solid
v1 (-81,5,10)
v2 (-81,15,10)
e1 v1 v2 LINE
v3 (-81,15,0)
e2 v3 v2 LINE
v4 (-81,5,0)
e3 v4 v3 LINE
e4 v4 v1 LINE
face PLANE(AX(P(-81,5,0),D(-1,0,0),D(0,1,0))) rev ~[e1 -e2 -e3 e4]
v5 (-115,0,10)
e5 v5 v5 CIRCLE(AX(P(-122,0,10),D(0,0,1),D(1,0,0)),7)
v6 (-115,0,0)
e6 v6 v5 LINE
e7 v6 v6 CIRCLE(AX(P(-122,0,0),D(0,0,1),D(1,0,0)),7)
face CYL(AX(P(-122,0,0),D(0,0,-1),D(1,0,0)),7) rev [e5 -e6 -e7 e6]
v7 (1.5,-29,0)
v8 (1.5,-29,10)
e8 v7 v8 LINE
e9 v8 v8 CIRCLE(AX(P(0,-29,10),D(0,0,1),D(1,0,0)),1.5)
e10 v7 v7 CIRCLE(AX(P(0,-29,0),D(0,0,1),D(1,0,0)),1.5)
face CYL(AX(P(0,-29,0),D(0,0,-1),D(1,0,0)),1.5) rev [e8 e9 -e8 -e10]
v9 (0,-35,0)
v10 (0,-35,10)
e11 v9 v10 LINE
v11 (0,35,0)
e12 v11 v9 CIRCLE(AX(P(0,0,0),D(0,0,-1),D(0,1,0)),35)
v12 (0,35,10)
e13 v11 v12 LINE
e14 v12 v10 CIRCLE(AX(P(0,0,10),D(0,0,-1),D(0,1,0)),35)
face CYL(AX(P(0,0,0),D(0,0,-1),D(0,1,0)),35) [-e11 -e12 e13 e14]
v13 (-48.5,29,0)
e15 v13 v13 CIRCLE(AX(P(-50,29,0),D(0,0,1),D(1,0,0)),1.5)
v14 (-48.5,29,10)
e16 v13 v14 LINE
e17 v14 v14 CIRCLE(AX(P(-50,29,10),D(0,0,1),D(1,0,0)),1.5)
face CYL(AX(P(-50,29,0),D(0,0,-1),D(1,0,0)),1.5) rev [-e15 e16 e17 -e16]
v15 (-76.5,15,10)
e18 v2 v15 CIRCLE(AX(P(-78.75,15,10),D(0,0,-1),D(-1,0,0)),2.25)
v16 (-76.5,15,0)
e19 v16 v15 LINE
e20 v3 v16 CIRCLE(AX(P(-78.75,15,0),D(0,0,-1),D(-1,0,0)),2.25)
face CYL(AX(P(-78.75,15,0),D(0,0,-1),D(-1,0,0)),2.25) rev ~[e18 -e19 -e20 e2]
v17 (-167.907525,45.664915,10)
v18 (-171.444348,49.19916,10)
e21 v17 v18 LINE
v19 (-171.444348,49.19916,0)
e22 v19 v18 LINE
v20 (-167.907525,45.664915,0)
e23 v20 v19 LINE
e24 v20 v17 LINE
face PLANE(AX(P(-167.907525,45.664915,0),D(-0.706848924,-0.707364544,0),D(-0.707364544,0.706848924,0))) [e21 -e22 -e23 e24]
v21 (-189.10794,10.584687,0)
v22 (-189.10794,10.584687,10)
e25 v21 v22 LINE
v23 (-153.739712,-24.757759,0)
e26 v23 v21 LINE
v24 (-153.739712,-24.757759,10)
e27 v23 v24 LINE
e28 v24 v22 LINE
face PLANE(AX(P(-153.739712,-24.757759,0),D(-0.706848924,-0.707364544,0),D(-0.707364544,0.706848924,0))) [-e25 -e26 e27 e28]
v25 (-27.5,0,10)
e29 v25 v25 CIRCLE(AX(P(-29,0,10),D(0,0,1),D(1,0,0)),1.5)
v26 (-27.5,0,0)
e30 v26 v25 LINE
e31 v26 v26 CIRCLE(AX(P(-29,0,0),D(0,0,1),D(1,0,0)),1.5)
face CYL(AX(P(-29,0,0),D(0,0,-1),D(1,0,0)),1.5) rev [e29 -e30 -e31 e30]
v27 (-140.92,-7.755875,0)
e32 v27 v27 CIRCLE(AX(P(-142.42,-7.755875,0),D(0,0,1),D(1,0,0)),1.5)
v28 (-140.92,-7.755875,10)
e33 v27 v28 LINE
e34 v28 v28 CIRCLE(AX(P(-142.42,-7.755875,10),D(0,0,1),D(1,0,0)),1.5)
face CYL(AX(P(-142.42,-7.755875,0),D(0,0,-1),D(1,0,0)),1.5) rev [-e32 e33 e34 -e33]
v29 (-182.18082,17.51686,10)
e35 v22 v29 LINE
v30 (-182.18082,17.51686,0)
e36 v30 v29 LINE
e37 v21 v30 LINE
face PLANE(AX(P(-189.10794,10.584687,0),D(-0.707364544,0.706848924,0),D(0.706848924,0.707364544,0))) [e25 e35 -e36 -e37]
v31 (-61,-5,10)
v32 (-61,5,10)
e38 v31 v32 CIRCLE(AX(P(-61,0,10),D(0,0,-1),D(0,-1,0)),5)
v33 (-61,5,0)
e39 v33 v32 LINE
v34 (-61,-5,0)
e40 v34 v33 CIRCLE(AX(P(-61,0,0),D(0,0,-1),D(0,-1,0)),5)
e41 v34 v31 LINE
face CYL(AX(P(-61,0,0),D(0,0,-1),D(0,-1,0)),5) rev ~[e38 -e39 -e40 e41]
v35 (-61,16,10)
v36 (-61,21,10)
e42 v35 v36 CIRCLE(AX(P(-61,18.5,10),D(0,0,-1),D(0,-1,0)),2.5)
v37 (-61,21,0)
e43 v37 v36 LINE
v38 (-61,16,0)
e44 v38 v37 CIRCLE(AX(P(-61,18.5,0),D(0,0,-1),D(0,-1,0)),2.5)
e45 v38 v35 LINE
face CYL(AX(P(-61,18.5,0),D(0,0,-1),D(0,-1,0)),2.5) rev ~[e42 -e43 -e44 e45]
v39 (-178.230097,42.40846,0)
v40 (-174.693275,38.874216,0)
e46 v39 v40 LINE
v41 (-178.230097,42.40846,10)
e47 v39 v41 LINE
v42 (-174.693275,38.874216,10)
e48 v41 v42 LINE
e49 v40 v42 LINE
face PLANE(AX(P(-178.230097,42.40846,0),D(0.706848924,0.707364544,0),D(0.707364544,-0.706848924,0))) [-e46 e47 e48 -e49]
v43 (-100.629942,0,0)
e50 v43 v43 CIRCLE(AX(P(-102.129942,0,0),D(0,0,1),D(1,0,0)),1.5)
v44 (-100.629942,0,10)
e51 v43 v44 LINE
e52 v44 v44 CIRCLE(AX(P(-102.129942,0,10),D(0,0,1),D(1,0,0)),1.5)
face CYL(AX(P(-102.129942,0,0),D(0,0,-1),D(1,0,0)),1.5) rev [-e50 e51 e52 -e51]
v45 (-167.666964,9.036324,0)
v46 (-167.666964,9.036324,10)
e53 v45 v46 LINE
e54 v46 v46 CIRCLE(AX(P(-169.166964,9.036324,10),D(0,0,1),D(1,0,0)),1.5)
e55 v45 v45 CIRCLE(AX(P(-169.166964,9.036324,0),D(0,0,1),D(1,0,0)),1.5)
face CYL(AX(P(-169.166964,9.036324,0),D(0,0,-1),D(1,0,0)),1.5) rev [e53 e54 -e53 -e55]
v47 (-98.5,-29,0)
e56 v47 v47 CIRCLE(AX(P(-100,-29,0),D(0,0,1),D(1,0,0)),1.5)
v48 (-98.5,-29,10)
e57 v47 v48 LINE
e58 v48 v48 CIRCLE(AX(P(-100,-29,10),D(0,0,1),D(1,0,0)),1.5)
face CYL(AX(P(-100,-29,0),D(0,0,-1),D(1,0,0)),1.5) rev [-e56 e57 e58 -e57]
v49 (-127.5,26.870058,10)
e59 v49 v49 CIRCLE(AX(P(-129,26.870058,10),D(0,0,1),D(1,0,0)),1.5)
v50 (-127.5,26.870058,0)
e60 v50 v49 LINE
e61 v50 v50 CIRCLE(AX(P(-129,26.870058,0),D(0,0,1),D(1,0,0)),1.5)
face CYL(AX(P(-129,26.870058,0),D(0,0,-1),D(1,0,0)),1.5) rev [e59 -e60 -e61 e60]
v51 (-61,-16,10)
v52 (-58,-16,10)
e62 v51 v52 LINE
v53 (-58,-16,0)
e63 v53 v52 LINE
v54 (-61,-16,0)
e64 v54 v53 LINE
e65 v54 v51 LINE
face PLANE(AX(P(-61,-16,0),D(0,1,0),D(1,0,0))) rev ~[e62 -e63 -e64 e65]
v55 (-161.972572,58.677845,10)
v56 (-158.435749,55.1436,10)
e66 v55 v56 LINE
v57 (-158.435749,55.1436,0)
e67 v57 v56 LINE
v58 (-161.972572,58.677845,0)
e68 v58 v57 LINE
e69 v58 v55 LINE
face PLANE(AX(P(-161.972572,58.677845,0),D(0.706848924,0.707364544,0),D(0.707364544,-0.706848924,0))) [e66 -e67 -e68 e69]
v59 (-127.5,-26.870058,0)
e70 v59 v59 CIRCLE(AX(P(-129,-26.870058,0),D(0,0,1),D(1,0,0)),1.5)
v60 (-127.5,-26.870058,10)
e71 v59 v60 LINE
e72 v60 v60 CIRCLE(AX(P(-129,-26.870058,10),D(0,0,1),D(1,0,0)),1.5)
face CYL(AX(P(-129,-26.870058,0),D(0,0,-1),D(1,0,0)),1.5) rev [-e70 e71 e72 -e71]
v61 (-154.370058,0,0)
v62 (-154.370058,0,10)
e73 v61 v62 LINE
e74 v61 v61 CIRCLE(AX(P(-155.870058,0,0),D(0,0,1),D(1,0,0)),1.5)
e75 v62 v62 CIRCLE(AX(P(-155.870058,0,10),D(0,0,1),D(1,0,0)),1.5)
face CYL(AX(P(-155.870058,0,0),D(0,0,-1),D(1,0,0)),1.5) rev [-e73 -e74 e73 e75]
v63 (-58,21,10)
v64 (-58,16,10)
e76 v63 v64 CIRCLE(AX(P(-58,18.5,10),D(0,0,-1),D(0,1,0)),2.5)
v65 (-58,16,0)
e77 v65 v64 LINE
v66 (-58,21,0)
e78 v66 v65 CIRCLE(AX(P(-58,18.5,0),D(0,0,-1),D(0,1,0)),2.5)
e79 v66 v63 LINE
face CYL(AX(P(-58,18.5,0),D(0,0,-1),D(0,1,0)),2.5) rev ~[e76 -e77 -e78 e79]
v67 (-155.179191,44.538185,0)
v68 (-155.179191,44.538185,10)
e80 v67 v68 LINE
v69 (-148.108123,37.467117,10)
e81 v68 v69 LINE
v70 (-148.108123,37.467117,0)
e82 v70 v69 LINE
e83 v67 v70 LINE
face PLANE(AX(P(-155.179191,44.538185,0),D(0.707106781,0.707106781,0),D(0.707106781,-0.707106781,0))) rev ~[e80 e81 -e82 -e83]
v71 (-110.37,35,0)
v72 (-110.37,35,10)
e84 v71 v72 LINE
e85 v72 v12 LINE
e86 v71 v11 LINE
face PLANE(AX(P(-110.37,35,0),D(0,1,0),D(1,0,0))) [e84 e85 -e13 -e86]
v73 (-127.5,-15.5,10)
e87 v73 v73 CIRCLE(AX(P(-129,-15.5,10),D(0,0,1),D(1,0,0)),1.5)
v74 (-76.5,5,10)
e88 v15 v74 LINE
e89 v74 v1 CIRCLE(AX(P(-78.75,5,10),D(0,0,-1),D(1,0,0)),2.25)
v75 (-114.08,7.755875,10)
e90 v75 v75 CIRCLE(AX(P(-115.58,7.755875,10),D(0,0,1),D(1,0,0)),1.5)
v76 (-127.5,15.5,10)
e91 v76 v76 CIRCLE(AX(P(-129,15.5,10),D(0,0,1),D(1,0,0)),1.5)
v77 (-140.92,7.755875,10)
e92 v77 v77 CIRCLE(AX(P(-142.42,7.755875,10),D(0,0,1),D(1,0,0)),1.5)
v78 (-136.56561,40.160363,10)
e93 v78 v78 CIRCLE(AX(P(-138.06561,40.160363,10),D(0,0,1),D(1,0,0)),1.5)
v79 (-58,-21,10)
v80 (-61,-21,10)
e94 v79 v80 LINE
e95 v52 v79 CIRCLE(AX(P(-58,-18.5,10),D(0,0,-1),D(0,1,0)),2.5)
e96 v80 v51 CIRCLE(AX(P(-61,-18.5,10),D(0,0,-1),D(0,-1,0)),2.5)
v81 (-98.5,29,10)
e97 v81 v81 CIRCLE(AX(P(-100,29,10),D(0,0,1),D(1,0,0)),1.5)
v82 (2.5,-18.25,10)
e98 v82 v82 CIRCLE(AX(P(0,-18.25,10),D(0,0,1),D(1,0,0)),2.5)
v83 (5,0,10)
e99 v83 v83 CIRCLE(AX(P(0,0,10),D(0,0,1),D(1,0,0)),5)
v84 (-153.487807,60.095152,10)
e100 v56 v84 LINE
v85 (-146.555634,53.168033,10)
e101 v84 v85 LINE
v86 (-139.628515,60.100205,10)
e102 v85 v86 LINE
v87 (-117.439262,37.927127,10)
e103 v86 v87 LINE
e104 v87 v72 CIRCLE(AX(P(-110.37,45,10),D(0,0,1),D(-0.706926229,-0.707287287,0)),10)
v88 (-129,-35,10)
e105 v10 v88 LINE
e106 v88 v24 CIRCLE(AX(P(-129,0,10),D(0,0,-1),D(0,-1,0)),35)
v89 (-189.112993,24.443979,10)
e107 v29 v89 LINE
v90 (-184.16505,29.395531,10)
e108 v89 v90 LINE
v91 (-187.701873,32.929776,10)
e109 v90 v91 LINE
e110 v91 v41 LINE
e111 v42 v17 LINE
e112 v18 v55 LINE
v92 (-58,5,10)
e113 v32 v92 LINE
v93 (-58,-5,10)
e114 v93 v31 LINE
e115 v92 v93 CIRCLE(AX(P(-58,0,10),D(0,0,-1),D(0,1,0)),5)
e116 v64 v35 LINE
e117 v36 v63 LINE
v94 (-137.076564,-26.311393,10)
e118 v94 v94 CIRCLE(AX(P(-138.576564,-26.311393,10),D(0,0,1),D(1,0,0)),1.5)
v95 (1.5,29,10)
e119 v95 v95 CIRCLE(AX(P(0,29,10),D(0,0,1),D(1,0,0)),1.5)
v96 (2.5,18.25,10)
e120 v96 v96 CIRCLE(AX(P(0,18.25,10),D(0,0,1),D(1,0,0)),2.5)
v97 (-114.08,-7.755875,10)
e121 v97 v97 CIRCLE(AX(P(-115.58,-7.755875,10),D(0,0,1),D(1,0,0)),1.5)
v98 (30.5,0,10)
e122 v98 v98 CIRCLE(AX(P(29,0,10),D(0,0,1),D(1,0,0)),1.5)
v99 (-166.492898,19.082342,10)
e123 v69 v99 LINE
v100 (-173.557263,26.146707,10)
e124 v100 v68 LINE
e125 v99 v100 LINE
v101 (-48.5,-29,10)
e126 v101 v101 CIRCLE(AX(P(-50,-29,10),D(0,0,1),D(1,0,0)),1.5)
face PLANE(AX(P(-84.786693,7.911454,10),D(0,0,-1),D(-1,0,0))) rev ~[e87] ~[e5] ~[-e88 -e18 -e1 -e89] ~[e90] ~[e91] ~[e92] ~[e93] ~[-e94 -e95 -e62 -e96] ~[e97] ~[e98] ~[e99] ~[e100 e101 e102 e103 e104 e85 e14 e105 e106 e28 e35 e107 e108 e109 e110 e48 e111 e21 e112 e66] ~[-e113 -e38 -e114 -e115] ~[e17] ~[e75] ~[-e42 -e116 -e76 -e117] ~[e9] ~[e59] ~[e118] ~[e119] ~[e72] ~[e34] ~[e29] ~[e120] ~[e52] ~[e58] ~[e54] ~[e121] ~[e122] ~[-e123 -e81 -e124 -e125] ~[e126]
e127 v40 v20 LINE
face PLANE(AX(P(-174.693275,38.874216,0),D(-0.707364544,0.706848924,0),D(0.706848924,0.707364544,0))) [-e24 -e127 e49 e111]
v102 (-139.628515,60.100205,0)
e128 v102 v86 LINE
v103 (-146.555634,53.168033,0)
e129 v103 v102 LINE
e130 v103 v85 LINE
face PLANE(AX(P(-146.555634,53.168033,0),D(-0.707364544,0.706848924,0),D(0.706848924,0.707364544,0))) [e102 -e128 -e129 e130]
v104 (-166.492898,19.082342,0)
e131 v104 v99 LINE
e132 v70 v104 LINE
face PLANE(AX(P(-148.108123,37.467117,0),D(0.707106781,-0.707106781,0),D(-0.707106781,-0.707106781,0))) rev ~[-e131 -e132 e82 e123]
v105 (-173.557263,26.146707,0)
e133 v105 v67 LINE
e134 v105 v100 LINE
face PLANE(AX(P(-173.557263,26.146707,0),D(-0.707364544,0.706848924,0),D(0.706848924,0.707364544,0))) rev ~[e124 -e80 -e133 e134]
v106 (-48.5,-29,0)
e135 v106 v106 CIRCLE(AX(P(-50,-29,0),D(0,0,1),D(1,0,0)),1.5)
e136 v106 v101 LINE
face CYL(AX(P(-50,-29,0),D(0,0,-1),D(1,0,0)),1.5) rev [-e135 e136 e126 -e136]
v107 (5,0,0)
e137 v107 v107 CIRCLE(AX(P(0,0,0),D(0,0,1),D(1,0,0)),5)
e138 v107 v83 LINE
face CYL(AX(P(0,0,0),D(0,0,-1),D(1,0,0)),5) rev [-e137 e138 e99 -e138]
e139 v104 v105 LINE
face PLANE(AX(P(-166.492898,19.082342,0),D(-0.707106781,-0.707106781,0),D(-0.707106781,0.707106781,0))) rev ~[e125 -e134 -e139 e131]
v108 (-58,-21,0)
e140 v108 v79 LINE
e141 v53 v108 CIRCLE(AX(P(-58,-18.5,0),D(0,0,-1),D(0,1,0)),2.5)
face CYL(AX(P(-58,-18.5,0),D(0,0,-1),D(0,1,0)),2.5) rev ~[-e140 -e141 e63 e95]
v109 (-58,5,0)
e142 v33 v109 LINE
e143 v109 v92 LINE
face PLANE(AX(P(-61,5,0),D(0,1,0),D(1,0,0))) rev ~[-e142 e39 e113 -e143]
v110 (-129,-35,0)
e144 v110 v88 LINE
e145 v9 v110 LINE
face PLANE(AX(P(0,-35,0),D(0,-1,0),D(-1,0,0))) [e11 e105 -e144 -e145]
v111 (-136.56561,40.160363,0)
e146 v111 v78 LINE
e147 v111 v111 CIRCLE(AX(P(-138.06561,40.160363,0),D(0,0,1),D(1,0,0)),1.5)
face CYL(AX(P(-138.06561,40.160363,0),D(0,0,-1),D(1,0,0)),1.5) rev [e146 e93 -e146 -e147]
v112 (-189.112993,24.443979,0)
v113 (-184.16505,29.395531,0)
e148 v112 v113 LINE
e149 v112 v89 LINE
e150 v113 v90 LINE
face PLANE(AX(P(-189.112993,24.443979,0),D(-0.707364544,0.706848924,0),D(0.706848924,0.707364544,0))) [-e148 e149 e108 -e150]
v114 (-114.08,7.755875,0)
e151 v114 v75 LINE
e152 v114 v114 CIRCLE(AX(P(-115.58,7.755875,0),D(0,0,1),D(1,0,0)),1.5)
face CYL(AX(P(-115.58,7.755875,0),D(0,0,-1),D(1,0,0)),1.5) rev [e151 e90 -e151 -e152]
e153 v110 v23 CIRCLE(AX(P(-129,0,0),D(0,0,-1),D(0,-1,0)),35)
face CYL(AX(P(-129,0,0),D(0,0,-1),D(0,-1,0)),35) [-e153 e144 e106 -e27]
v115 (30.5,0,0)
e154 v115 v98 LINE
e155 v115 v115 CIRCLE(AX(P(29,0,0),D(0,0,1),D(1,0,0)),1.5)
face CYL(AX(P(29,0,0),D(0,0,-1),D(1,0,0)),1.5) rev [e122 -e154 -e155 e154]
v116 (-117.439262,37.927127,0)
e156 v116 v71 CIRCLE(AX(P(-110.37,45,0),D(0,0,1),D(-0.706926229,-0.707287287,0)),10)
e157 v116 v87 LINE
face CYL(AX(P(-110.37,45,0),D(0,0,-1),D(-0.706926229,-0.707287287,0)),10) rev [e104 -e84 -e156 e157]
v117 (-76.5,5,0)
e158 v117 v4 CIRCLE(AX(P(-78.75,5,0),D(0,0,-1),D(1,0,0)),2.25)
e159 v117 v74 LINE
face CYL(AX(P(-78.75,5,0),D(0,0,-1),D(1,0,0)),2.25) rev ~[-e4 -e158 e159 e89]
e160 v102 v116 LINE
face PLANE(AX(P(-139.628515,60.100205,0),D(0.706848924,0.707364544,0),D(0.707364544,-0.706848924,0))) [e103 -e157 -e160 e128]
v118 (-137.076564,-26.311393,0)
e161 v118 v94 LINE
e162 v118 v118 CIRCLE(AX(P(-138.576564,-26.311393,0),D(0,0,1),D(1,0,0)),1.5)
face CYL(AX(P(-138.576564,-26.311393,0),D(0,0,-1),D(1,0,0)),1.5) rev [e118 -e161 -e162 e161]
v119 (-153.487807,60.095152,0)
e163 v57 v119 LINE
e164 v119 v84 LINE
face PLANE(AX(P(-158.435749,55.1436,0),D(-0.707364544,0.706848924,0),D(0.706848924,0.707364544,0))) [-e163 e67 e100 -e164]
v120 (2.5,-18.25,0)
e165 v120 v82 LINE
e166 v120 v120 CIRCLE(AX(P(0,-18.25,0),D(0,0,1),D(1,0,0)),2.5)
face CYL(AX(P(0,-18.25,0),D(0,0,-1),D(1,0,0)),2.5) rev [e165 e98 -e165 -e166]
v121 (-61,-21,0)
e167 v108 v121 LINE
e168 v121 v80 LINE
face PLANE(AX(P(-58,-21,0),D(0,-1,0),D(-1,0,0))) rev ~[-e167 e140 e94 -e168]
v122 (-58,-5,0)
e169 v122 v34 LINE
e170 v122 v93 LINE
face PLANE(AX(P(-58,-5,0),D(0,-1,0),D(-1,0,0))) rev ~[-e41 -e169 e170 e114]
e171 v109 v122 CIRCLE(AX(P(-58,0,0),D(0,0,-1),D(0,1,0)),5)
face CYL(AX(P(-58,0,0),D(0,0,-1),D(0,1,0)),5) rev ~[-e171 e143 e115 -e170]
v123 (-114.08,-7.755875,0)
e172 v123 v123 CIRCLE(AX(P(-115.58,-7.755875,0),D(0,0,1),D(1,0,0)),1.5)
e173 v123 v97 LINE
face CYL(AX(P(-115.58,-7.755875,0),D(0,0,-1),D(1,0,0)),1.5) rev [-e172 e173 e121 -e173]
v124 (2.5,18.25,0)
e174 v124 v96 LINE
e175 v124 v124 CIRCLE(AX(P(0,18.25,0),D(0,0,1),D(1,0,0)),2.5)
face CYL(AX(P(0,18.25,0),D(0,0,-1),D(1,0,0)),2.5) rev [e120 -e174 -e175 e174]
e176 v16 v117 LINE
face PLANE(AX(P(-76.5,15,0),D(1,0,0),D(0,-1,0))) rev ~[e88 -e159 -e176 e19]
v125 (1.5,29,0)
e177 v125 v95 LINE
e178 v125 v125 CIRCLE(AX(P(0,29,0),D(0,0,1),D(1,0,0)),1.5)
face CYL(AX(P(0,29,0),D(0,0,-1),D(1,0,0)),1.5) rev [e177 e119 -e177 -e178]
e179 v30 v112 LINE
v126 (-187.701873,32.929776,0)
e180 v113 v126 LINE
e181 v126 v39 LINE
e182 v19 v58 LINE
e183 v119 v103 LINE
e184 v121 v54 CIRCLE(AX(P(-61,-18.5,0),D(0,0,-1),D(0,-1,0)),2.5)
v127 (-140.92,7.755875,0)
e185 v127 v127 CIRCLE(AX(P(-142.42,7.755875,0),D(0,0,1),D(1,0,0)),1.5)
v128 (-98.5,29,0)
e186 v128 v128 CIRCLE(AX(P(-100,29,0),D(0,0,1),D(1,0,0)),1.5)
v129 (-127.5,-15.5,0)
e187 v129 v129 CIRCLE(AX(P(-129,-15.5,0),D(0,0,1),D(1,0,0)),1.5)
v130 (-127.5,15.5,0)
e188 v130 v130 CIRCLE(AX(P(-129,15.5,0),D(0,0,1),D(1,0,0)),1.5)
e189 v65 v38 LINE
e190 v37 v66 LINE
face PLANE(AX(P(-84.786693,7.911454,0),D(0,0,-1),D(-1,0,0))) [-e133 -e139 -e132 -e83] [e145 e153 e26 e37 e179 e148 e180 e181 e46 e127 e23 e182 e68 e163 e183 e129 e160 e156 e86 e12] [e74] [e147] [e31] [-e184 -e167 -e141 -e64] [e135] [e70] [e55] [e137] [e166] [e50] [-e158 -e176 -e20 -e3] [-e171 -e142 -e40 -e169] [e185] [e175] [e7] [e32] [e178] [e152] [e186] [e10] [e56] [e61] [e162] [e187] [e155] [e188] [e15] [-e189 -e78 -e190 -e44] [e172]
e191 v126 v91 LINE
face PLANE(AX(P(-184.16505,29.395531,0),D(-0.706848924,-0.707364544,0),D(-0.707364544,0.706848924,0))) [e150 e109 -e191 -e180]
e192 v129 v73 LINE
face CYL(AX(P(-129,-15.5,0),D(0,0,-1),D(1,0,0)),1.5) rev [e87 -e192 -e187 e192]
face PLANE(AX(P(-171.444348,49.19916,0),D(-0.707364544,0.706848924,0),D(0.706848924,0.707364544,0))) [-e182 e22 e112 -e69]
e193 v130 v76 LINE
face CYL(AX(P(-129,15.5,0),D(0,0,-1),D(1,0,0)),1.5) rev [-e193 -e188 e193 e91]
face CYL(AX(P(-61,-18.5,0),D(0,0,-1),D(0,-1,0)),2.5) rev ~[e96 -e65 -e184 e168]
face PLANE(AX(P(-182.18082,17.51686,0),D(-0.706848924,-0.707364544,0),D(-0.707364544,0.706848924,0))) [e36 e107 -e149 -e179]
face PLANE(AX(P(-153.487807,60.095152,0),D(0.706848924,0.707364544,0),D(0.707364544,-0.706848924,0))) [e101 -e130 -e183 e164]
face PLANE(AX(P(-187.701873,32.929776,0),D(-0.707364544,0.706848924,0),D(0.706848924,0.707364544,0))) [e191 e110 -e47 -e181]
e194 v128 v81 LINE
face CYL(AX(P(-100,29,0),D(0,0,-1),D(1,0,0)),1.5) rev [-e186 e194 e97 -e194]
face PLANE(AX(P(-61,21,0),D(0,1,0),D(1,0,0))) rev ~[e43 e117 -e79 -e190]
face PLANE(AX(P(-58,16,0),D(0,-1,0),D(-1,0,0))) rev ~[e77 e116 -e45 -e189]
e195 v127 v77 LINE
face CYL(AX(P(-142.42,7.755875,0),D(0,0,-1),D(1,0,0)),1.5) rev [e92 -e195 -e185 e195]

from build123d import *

# Parameters (mm, degrees)
SKETCH1_R           = 5
SKETCH1_R_2         = 1.5
SKETCH1_R_3         = 2.5
SKETCH1_R_4         = 7
BOSS_EXTRUDE1_DEPTH = 10


with BuildPart() as part:
    # Sketch1 → Boss-Extrude1 (new body)
    with BuildSketch(Plane.XY):
        with BuildLine():
            Line((0, -35), (-129, -35))
            ThreePointArc((-129, -35), (-142.388025128, -32.338224799), (-153.739712354, -24.757759039))
            Line((-153.739712354, -24.757759039), (-189.107939553, 10.584687182))
            Line((-189.107939553, 10.584687182), (-182.180820093, 17.516859712))
            Line((-182.180820093, 17.516859712), (-189.112992624, 24.443979172))
            Line((-189.112992624, 24.443979172), (-184.165050154, 29.395530979))
            Line((-184.165050154, 29.395530979), (-187.701872873, 32.929775601))
            Line((-187.701872873, 32.929775601), (-178.230097286, 42.408460491))
            Line((-178.230097286, 42.408460491), (-174.693274566, 38.874215869))
            Line((-174.693274566, 38.874215869), (-167.907524892, 45.664915491))
            Line((-167.907524892, 45.664915491), (-171.444347612, 49.199160113))
            Line((-171.444347612, 49.199160113), (-161.972572025, 58.677845002))
            Line((-161.972572025, 58.677845002), (-158.435749305, 55.14360038))
            Line((-158.435749305, 55.14360038), (-153.487806834, 60.095152188))
            Line((-153.487806834, 60.095152188), (-146.555634303, 53.168032728))
            Line((-146.555634303, 53.168032728), (-139.628514844, 60.100205259))
            Line((-139.628514844, 60.100205259), (-117.439262294, 37.927127131))
            ThreePointArc((-117.439262294, 37.927127131), (-114.195654931, 35.760716243), (-110.37, 35))
            Line((-110.37, 35), (0, 35))
            ThreePointArc((0, 35), (35, 0), (0, -35))
        make_face()
        Circle(SKETCH1_R, mode=Mode.SUBTRACT)
        with Locations((29, 0)):
            Circle(SKETCH1_R_2, mode=Mode.SUBTRACT)
        with Locations((0, -18.25)):
            Circle(SKETCH1_R_3, mode=Mode.SUBTRACT)
        with Locations((0, 18.25)):
            Circle(SKETCH1_R_3, mode=Mode.SUBTRACT)
        with Locations((0, 29)):
            Circle(SKETCH1_R_2, mode=Mode.SUBTRACT)
        with Locations((0, -29)):
            Circle(SKETCH1_R_2, mode=Mode.SUBTRACT)
        with Locations((-50, -29)):
            Circle(SKETCH1_R_2, mode=Mode.SUBTRACT)
        with Locations((-50, 29)):
            Circle(SKETCH1_R_2, mode=Mode.SUBTRACT)
        with Locations((-100, -29)):
            Circle(SKETCH1_R_2, mode=Mode.SUBTRACT)
        with Locations((-100, 29)):
            Circle(SKETCH1_R_2, mode=Mode.SUBTRACT)
        with Locations((-29, 0)):
            Circle(SKETCH1_R_2, mode=Mode.SUBTRACT)
        with Locations((-169.166963878, 9.036324012)):
            Circle(SKETCH1_R_2, mode=Mode.SUBTRACT)
        with Locations((-138.065609793, 40.160362537)):
            Circle(SKETCH1_R_2, mode=Mode.SUBTRACT)
        with Locations((-122, 0)):
            Circle(SKETCH1_R_4, mode=Mode.SUBTRACT)
        with Locations((-129, 26.870057685)):
            Circle(SKETCH1_R_2, mode=Mode.SUBTRACT)
        with Locations((-155.870057685, 0)):
            Circle(SKETCH1_R_2, mode=Mode.SUBTRACT)
        with Locations((-129, -26.870057685)):
            Circle(SKETCH1_R_2, mode=Mode.SUBTRACT)
        with Locations((-102.129942315, 0)):
            Circle(SKETCH1_R_2, mode=Mode.SUBTRACT)
        with Locations((-138.576564013, -26.311393382)):
            Circle(SKETCH1_R_2, mode=Mode.SUBTRACT)
        with Locations((-129, 15.5)):
            Circle(SKETCH1_R_2, mode=Mode.SUBTRACT)
        with Locations((-129, -15.5)):
            Circle(SKETCH1_R_2, mode=Mode.SUBTRACT)
        with Locations((-142.42, 7.755875192)):
            Circle(SKETCH1_R_2, mode=Mode.SUBTRACT)
        with Locations((-142.42, -7.755875192)):
            Circle(SKETCH1_R_2, mode=Mode.SUBTRACT)
        with Locations((-115.58, -7.755875192)):
            Circle(SKETCH1_R_2, mode=Mode.SUBTRACT)
        with Locations((-115.58, 7.755875192)):
            Circle(SKETCH1_R_2, mode=Mode.SUBTRACT)
        with BuildLine():
            Line((-58, -5), (-61, -5))
            ThreePointArc((-61, -5), (-66, 0), (-61, 5))
            Line((-61, 5), (-58, 5))
            ThreePointArc((-58, 5), (-53, 0), (-58, -5))
        make_face(mode=Mode.SUBTRACT)
        with BuildLine():
            Line((-58, 16), (-61, 16))
            ThreePointArc((-61, 16), (-63.5, 18.5), (-61, 21))
            Line((-61, 21), (-58, 21))
            ThreePointArc((-58, 21), (-55.5, 18.5), (-58, 16))
        make_face(mode=Mode.SUBTRACT)
        with BuildLine():
            Line((-58, -21), (-61, -21))
            ThreePointArc((-61, -21), (-63.5, -18.5), (-61, -16))
            Line((-61, -16), (-58, -16))
            ThreePointArc((-58, -16), (-55.5, -18.5), (-58, -21))
        make_face(mode=Mode.SUBTRACT)
        with BuildLine():
            Line((-81, 5), (-81, 15))
            ThreePointArc((-81, 15), (-78.75, 17.25), (-76.5, 15))
            Line((-76.5, 15), (-76.5, 5))
            ThreePointArc((-76.5, 5), (-78.75, 2.75), (-81, 5))
        make_face(mode=Mode.SUBTRACT)
        Polygon((-173.557263216, 26.146707149), (-155.179191181, 44.538185292), (-148.108123369, 37.46711748), (-166.492898458, 19.082342391), align=None, mode=Mode.SUBTRACT)
    extrude(amount=BOSS_EXTRUDE1_DEPTH)


solid = part.part
